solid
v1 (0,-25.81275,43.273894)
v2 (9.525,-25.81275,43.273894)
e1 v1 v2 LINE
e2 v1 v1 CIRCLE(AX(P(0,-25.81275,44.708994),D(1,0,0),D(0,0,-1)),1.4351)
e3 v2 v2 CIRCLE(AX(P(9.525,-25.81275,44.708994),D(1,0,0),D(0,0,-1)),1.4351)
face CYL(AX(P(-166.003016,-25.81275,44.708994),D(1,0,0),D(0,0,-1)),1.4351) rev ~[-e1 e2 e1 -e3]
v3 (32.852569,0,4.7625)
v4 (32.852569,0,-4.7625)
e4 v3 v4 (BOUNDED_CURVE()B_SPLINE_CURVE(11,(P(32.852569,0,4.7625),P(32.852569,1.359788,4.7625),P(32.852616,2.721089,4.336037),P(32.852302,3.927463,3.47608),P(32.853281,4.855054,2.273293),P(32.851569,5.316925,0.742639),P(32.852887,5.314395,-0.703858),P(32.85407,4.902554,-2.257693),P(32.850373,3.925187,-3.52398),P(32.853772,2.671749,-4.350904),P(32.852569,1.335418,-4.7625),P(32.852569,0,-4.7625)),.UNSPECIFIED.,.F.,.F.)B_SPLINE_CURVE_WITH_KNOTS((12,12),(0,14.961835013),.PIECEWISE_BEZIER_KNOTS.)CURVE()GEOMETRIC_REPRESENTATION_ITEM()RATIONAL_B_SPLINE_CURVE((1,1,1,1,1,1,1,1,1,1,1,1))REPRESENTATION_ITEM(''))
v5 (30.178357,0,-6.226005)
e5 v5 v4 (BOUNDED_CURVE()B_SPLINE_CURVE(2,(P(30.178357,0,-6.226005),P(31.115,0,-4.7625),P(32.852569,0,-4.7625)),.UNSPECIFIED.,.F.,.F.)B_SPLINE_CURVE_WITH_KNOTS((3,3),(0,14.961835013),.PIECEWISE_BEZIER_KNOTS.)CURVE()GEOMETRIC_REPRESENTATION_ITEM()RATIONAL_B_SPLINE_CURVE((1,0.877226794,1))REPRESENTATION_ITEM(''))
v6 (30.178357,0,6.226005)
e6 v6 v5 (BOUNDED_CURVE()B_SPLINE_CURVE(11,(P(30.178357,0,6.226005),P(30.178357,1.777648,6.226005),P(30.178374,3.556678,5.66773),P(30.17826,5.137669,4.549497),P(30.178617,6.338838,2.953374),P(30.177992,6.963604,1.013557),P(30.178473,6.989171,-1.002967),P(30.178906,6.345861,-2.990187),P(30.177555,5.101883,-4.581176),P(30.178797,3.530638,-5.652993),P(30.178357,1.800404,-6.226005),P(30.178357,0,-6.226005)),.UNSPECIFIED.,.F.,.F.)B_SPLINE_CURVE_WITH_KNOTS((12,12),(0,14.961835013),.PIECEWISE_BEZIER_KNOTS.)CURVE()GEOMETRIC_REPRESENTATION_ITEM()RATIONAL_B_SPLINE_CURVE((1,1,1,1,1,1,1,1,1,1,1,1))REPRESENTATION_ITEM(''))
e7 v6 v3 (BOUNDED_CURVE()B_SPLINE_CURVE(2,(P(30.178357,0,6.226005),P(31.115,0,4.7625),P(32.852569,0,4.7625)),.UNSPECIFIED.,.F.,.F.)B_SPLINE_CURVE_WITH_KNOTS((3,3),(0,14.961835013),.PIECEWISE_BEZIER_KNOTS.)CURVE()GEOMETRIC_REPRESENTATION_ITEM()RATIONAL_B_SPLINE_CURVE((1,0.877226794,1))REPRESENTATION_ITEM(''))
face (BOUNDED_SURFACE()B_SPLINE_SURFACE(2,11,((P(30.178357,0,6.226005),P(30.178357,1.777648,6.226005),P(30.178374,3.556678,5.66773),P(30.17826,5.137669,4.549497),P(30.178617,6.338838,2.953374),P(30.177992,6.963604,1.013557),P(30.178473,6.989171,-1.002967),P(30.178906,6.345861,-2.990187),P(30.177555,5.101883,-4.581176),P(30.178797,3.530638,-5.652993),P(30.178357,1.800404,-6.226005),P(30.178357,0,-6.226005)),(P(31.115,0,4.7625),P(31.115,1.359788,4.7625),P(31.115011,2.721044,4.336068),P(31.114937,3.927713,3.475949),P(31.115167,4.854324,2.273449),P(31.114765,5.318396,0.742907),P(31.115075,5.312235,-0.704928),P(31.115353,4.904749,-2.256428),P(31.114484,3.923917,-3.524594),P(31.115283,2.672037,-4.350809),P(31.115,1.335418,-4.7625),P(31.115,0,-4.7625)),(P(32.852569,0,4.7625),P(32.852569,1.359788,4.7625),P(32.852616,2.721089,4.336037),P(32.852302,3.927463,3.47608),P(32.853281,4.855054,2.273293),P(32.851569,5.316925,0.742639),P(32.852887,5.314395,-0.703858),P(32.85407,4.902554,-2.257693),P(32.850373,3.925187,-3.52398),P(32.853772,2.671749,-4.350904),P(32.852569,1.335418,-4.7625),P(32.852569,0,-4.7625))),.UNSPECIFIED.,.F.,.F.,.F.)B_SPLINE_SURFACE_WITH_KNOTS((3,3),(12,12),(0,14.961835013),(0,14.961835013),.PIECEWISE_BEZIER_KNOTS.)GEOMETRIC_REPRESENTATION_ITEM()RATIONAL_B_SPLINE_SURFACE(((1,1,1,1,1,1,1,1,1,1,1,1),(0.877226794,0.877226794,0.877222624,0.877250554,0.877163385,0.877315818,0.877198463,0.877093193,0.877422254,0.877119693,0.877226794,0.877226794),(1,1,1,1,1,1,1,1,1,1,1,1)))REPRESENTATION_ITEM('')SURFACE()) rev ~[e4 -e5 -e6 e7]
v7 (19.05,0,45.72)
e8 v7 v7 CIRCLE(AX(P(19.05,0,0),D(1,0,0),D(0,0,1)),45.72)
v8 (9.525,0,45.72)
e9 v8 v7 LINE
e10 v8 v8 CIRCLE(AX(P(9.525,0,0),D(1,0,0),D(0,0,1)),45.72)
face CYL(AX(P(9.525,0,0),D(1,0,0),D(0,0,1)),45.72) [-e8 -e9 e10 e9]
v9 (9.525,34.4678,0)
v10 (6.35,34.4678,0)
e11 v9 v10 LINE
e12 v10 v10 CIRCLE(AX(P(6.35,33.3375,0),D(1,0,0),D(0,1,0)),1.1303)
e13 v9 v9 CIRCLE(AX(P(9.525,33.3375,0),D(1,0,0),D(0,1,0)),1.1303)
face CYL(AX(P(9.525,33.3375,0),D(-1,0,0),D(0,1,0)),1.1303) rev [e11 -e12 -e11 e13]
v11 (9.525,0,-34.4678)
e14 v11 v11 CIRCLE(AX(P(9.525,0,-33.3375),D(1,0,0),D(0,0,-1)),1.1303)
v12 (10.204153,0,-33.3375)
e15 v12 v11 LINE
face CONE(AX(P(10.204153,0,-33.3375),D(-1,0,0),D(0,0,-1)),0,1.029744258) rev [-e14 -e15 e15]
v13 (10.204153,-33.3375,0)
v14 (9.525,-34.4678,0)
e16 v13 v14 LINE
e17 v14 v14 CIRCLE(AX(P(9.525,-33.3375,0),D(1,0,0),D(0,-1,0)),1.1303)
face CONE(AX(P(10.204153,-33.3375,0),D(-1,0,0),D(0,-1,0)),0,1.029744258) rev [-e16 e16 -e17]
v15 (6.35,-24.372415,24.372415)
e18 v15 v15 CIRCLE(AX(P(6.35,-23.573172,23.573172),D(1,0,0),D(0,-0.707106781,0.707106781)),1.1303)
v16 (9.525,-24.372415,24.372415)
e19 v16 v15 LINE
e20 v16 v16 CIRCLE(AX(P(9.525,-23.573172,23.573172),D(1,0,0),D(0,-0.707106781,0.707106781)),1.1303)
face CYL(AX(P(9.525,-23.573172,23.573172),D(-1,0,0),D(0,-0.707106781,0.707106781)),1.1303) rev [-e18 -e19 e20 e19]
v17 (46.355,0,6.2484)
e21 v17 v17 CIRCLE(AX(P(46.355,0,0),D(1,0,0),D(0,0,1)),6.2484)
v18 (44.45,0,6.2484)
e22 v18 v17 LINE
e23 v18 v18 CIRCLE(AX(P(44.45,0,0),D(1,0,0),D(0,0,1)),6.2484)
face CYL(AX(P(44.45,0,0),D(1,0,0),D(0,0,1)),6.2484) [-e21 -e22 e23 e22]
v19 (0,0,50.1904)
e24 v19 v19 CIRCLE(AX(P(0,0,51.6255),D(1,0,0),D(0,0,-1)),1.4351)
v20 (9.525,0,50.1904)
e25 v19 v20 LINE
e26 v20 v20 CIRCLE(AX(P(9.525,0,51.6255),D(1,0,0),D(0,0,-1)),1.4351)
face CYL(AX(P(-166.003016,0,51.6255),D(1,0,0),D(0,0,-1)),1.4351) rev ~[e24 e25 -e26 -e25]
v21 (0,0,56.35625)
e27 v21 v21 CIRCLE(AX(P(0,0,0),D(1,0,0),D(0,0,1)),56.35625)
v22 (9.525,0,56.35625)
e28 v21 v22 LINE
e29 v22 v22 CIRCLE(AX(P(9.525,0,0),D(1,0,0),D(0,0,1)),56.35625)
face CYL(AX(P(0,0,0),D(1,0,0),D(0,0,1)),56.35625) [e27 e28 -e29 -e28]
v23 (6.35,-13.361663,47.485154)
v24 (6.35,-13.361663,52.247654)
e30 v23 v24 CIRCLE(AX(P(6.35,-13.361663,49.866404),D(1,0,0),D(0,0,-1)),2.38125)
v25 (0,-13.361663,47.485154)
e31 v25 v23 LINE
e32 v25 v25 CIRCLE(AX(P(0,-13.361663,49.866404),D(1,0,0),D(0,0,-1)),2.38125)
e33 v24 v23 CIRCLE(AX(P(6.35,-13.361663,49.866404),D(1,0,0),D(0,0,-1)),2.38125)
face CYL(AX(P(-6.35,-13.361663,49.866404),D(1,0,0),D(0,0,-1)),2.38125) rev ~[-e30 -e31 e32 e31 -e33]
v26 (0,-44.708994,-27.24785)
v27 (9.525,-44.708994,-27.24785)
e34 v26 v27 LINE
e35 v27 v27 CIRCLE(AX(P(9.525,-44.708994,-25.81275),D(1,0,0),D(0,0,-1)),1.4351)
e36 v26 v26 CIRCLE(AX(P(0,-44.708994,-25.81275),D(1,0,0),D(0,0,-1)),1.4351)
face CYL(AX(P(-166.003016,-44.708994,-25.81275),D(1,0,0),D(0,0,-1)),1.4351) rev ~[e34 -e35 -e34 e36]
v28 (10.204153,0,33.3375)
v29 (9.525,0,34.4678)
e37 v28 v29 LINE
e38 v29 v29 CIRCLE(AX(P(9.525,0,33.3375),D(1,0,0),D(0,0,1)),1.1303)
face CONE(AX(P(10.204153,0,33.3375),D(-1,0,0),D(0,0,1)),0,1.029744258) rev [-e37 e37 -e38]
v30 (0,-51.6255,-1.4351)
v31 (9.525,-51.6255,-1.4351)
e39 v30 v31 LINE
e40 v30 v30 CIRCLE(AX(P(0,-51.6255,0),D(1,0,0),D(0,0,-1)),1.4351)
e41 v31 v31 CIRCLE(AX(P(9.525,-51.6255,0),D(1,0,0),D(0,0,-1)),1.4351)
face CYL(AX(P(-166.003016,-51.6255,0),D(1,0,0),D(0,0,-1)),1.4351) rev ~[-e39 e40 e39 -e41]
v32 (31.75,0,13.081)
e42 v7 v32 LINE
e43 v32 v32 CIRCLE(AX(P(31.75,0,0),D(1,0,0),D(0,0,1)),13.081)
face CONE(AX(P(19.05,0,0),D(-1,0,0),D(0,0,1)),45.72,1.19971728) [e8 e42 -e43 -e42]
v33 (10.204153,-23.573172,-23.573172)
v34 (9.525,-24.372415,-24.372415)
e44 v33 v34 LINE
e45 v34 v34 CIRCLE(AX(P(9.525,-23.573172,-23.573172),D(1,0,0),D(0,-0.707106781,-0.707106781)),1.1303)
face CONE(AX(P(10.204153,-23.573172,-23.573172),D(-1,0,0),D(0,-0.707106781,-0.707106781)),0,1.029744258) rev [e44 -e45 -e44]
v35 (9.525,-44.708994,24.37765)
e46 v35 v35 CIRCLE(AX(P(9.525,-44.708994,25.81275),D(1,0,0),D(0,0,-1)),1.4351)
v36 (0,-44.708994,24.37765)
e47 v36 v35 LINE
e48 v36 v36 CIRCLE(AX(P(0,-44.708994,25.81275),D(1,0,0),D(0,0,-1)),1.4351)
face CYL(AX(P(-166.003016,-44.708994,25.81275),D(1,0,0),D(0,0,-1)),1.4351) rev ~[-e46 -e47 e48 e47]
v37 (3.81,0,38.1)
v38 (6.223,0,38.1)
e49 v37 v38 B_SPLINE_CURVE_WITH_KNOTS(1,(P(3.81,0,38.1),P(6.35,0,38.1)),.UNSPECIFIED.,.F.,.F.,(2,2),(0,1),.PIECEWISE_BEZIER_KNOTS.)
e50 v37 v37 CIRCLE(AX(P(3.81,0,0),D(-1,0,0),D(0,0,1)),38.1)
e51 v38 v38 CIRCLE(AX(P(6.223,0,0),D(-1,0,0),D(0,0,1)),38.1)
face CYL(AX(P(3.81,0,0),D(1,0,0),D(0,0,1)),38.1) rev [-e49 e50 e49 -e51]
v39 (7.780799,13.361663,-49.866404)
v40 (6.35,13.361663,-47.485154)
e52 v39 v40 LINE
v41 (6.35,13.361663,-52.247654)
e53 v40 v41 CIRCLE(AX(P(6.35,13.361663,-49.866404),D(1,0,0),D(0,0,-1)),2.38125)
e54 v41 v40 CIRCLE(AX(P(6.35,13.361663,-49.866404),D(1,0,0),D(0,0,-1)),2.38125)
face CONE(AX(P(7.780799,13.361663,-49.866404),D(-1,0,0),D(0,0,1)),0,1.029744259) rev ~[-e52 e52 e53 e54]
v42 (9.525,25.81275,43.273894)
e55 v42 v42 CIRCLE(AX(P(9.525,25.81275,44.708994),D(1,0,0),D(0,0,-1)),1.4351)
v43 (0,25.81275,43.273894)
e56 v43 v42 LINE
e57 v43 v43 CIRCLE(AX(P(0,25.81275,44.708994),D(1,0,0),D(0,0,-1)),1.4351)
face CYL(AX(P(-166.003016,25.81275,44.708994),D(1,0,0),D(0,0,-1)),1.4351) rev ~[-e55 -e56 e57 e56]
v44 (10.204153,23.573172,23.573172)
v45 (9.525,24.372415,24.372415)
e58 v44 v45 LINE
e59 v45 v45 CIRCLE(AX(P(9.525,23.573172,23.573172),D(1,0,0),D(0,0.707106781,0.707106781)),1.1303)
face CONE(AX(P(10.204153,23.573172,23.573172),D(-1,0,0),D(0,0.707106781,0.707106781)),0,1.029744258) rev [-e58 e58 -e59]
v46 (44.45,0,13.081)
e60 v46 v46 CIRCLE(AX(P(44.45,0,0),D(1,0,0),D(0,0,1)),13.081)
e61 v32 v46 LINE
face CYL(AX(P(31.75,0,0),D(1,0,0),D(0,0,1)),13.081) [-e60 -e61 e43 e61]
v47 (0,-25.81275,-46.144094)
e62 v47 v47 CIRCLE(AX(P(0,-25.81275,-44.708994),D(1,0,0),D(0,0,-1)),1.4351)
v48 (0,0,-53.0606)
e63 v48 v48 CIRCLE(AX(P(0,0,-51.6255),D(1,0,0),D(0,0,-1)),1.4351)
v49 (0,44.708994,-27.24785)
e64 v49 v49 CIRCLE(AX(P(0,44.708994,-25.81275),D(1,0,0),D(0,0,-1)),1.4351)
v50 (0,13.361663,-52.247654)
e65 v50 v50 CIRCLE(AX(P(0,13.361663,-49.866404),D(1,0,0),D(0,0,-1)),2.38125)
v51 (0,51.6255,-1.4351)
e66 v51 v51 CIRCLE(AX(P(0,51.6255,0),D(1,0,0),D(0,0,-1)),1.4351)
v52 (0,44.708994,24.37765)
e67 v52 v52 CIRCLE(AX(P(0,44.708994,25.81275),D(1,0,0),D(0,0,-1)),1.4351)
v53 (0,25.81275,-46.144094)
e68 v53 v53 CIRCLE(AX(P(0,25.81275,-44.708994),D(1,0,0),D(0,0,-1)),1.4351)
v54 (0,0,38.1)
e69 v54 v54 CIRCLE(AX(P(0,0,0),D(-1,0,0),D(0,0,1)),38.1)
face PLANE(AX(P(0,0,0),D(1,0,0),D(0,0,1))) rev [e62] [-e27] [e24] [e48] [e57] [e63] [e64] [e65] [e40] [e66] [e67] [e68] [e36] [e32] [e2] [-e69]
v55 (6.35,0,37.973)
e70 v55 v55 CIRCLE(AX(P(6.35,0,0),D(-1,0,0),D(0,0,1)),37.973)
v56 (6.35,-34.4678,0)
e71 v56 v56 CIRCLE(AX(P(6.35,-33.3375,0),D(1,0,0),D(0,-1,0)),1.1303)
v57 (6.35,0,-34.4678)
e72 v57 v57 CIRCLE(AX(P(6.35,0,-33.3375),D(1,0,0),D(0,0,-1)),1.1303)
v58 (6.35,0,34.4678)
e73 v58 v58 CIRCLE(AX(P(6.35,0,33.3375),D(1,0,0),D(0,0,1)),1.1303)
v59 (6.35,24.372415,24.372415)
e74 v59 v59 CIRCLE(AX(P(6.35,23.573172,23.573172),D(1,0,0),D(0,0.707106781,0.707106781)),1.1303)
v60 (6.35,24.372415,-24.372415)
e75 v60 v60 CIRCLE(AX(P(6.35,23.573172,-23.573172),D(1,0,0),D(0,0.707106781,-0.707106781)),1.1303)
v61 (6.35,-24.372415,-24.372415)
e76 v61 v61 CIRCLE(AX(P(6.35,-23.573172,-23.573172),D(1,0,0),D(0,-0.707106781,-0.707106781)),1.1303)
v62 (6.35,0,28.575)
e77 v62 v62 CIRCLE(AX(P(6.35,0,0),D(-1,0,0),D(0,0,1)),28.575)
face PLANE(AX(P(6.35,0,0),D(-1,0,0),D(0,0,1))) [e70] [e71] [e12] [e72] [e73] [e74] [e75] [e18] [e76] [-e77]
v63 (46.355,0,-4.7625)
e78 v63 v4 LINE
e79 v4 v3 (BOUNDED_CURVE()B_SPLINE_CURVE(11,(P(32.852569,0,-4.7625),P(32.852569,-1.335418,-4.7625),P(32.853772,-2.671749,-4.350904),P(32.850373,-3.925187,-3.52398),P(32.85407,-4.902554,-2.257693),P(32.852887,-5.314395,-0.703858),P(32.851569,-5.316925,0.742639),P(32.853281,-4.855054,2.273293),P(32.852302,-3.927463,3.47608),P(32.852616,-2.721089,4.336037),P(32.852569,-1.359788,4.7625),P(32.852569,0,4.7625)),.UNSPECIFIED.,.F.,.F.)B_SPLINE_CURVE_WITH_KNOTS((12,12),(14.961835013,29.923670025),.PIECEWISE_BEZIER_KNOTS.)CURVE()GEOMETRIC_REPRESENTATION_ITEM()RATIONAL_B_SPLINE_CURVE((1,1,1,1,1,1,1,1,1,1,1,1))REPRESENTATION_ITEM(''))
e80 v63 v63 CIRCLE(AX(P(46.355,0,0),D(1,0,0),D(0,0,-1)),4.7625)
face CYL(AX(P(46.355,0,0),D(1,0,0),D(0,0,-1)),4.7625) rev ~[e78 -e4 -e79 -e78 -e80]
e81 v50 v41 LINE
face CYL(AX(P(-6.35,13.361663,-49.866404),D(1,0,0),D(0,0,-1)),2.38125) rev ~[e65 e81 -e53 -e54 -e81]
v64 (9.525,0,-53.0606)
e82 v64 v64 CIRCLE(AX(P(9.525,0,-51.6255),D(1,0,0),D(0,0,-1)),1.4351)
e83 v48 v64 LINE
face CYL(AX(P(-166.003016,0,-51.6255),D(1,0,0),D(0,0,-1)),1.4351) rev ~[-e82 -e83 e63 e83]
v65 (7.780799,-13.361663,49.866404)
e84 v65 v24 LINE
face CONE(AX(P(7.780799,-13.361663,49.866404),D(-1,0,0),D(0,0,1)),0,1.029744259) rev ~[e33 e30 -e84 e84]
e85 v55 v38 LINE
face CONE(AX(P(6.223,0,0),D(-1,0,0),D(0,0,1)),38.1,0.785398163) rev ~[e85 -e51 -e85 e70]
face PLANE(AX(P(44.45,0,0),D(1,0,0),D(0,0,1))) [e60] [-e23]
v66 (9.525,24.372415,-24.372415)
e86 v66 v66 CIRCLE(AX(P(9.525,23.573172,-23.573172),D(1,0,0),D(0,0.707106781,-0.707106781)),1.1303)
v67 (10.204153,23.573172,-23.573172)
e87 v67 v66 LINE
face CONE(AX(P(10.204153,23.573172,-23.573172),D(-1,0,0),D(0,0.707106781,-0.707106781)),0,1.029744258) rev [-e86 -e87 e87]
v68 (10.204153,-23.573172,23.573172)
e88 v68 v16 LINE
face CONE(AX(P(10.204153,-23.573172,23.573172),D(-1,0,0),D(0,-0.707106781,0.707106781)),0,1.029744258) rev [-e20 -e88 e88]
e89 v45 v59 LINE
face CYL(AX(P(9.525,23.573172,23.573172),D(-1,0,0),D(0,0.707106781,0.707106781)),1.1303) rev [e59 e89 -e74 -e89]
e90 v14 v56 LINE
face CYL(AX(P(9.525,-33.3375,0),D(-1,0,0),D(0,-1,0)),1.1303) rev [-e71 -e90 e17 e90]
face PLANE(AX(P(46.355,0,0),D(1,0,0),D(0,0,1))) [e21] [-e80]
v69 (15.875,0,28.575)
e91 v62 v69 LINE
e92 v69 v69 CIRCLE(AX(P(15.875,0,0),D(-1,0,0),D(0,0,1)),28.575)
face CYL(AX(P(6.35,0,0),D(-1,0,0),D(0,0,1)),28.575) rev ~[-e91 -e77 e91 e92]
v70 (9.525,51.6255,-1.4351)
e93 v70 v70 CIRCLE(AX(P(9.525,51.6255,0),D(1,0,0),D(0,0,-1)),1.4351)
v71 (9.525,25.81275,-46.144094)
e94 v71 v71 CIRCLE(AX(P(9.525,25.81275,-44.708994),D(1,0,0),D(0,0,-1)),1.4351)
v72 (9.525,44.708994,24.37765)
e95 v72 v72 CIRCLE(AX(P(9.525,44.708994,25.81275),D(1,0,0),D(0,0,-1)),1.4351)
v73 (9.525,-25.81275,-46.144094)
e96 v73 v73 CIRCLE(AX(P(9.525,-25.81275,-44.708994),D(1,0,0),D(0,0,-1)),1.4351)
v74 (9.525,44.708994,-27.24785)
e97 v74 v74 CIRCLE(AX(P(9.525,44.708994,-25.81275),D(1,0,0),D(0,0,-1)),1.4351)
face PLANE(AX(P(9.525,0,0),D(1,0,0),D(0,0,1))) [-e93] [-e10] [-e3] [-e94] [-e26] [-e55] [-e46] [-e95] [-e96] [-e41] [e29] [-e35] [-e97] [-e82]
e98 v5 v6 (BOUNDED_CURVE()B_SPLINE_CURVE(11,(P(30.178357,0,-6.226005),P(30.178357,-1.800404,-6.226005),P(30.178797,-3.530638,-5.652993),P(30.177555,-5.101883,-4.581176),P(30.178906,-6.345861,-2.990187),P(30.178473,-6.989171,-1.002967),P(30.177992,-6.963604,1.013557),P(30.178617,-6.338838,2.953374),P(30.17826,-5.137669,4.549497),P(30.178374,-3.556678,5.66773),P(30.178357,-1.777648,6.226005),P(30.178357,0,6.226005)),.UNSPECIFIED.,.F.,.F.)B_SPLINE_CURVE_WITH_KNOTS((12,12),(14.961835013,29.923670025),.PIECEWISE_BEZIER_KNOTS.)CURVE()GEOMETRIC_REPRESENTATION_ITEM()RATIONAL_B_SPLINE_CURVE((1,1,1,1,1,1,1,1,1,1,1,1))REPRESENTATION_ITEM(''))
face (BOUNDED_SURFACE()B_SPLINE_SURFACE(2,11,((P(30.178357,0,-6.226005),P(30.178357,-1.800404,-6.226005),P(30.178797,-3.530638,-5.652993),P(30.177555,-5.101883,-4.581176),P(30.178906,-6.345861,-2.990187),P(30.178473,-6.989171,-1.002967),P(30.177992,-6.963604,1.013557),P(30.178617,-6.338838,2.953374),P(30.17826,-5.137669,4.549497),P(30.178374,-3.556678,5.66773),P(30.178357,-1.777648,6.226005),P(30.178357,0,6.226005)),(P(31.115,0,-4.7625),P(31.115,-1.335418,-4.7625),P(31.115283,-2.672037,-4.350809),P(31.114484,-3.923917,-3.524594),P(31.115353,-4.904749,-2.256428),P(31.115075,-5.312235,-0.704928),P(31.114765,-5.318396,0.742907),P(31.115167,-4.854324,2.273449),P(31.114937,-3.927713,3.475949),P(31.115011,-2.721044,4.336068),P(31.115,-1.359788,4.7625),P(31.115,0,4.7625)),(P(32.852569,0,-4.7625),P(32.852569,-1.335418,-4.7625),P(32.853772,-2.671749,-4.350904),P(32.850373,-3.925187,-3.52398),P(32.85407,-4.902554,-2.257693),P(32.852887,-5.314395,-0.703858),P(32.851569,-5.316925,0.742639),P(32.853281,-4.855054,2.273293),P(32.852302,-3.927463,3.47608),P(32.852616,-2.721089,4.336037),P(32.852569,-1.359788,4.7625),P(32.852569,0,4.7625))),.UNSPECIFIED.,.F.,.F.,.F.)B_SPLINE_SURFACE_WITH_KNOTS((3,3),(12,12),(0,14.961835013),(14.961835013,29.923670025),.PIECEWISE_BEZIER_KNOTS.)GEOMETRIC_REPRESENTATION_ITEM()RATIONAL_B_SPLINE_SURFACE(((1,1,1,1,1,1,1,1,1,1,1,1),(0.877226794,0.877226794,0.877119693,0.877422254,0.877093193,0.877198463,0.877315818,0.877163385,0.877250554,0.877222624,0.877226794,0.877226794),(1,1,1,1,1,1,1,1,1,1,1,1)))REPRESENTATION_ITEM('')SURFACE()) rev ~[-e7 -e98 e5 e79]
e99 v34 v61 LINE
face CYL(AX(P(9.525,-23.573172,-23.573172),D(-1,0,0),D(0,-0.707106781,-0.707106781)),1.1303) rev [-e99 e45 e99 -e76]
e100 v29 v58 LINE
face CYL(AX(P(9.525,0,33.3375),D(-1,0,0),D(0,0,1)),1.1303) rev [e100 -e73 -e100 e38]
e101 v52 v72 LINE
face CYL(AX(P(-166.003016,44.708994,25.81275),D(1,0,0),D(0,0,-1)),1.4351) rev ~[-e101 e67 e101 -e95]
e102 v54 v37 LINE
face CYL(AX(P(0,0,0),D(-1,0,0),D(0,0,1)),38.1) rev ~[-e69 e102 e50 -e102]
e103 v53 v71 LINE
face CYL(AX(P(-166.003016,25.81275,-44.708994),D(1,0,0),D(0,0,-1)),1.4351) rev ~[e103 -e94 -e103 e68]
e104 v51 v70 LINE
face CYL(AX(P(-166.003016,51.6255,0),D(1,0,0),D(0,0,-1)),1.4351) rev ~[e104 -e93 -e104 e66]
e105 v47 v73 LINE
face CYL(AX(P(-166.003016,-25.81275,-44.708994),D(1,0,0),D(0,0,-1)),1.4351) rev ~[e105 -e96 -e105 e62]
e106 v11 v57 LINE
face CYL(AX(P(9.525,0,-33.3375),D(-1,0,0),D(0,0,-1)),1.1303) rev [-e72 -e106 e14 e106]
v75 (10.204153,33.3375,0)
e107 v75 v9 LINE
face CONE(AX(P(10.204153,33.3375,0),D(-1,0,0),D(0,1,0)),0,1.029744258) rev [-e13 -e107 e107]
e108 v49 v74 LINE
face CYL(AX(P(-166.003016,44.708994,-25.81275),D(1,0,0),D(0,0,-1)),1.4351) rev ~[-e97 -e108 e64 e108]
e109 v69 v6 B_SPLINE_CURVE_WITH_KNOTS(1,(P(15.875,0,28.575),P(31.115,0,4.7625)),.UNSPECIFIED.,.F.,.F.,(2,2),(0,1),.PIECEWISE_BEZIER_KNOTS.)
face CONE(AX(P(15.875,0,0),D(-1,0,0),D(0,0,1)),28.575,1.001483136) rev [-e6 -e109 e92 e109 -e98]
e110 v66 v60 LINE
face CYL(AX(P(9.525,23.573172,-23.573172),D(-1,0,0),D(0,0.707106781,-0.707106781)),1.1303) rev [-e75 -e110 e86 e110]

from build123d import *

# Parameters (mm, degrees)
SKETCH3_R                       = 4.7625
OXIDIZER_INLET_HOLE_DEPTH       = 93.199999203
FLANGE_HOLES_D                  = 2.8702
DOWEL_HOLES_D                   = 4.7625
DOWEL_HOLES_DEPTH               = 6.35
DOWEL_HOLES_TIP                 = 1.430799349
SKETCH12_R                      = 38.1
IMPINGING_PLATE_FLAT_CUT_DEPTH  = 3.81
SKETCH14_R                      = 38.1
SKETCH15_R                      = 38.1
SKETCH16_R                      = 28.575
SKETCH17_R                      = 4.7625
SKETCH21_R                      = 28.575
CUT_EXTRUDE1_DEPTH              = 9.525
INTERNAL_FILLET_R               = 3.175
EXTENDED_8_BC_COUNT             = 8
CHAMFER_FOR_IMPINGING_EDGE_SIZE = 0.127


with BuildPart() as part:
    # Sketch2 → Main Structure (revolve)
    with BuildSketch(Plane.XY, mode=Mode.PRIVATE) as main_structure_sk:
        Polygon((0, 0), (0, 56.35625), (9.525, 56.35625), (9.525, 45.72), (19.05, 45.72), (31.75, 13.081), (44.45, 13.081), (44.45, 6.2484), (46.355, 6.2484), (46.355, 0), align=None)
    revolve(main_structure_sk.sketch.rotate(Axis((0, 0, 0), (1, 0, 0)), 90), axis=Axis((0, 0, 0), (1, 0, 0)))

    # Sketch3 → Oxidizer Inlet Hole (cut, through all)
    with BuildSketch(Plane(origin=(46.355, 0, 0), x_dir=(0, 0, -1), z_dir=(1, 0, 0))):
        Circle(SKETCH3_R)
    extrude(amount=-OXIDIZER_INLET_HOLE_DEPTH, mode=Mode.SUBTRACT)

    # Flange Holes (through all)
    with Locations(Plane.ZY):
        with Locations((0, -51.6255), (-25.81275, -44.708994483), (-44.708994483, -25.81275), (-51.6255, 0), (-44.708994483, 25.81275), (-25.81275, 44.708994483), (0, 51.6255), (25.81275, 44.708994483), (44.708994483, 25.81275), (51.6255, 0), (44.708994483, -25.81275), (25.81275, -44.708994483)):
            Hole(FLANGE_HOLES_D / 2)

    # Dowel Holes
    with Locations(Plane.ZY):
        with Locations((49.866403745, -13.361662613), (-49.866403745, 13.361662613)):
            Hole(DOWEL_HOLES_D / 2, depth=DOWEL_HOLES_DEPTH)
            with Locations((0, 0, -(DOWEL_HOLES_DEPTH + DOWEL_HOLES_TIP / 2))):  # 118° drill point
                Cone(0, DOWEL_HOLES_D / 2, DOWEL_HOLES_TIP, mode=Mode.SUBTRACT)

    # Sketch12 → Impinging Plate Flat Cut (cut)
    with BuildSketch(Plane.ZY):
        Circle(SKETCH12_R)
    extrude(amount=-IMPINGING_PLATE_FLAT_CUT_DEPTH, mode=Mode.SUBTRACT)

    # Sketch14 → Impinging Plate Taper Cut section 0
    with BuildSketch(Plane.ZY.offset(-3.81)):
        Circle(SKETCH14_R)
    # Sketch15 → Impinging Plate Taper Cut section 1
    with BuildSketch(Plane.ZY.offset(-6.35)):
        Circle(SKETCH15_R)
    loft(mode=Mode.SUBTRACT)

    # Sketch16 → Internal Flow Path Loft Cut section 0
    with BuildSketch(Plane.ZY.offset(-15.875)):
        Circle(SKETCH16_R)
    # Sketch17 → Internal Flow Path Loft Cut section 1
    with BuildSketch(Plane.ZY.offset(-31.115)):
        Circle(SKETCH17_R)
    loft(mode=Mode.SUBTRACT)

    # Sketch21 → Cut-Extrude1 (cut)
    with BuildSketch(Plane.ZY.offset(-6.35)):
        Circle(SKETCH21_R)
    extrude(amount=-CUT_EXTRUDE1_DEPTH, mode=Mode.SUBTRACT)

    # Internal Fillet
    internal_fillet_edges = [part.edges().sort_by_distance(p)[0] for p in [
        (31.115, 4.7625, 0),
    ]]
    fillet(internal_fillet_edges, radius=INTERNAL_FILLET_R)

    # Sketch20 → 4-40 Tapped Holes (revolve, cut)
    with BuildSketch(Plane(origin=(6.35, 0, 33.3375), x_dir=(0, 0, 1), z_dir=(0, 1, 0))):
        Polygon((0, 0), (0, 3.854152758), (1.1303, 3.175), (1.1303, 0), align=None)
    f_4_40_tapped_holes = revolve(axis=Axis((0, 0, 33.3375), (1, 0, 0)), mode=Mode.SUBTRACT)

    # Extended 8 BC: 4-40 Tapped Holes ×8 about axis
    extended_8_bc_axis = Axis((0, 0, 0), (1, 0, 0))
    for i in range(1, EXTENDED_8_BC_COUNT):
        add(f_4_40_tapped_holes.rotate(extended_8_bc_axis, i * 360 / EXTENDED_8_BC_COUNT), mode=Mode.SUBTRACT)

    # Chamfer for Impinging Edge
    chamfer_for_impinging_edge_edges = [part.edges().sort_by_distance(p)[0] for p in [
        (6.35, 0, -38.1),
    ]]
    chamfer(chamfer_for_impinging_edge_edges, length=CHAMFER_FOR_IMPINGING_EDGE_SIZE)


solid = part.part
